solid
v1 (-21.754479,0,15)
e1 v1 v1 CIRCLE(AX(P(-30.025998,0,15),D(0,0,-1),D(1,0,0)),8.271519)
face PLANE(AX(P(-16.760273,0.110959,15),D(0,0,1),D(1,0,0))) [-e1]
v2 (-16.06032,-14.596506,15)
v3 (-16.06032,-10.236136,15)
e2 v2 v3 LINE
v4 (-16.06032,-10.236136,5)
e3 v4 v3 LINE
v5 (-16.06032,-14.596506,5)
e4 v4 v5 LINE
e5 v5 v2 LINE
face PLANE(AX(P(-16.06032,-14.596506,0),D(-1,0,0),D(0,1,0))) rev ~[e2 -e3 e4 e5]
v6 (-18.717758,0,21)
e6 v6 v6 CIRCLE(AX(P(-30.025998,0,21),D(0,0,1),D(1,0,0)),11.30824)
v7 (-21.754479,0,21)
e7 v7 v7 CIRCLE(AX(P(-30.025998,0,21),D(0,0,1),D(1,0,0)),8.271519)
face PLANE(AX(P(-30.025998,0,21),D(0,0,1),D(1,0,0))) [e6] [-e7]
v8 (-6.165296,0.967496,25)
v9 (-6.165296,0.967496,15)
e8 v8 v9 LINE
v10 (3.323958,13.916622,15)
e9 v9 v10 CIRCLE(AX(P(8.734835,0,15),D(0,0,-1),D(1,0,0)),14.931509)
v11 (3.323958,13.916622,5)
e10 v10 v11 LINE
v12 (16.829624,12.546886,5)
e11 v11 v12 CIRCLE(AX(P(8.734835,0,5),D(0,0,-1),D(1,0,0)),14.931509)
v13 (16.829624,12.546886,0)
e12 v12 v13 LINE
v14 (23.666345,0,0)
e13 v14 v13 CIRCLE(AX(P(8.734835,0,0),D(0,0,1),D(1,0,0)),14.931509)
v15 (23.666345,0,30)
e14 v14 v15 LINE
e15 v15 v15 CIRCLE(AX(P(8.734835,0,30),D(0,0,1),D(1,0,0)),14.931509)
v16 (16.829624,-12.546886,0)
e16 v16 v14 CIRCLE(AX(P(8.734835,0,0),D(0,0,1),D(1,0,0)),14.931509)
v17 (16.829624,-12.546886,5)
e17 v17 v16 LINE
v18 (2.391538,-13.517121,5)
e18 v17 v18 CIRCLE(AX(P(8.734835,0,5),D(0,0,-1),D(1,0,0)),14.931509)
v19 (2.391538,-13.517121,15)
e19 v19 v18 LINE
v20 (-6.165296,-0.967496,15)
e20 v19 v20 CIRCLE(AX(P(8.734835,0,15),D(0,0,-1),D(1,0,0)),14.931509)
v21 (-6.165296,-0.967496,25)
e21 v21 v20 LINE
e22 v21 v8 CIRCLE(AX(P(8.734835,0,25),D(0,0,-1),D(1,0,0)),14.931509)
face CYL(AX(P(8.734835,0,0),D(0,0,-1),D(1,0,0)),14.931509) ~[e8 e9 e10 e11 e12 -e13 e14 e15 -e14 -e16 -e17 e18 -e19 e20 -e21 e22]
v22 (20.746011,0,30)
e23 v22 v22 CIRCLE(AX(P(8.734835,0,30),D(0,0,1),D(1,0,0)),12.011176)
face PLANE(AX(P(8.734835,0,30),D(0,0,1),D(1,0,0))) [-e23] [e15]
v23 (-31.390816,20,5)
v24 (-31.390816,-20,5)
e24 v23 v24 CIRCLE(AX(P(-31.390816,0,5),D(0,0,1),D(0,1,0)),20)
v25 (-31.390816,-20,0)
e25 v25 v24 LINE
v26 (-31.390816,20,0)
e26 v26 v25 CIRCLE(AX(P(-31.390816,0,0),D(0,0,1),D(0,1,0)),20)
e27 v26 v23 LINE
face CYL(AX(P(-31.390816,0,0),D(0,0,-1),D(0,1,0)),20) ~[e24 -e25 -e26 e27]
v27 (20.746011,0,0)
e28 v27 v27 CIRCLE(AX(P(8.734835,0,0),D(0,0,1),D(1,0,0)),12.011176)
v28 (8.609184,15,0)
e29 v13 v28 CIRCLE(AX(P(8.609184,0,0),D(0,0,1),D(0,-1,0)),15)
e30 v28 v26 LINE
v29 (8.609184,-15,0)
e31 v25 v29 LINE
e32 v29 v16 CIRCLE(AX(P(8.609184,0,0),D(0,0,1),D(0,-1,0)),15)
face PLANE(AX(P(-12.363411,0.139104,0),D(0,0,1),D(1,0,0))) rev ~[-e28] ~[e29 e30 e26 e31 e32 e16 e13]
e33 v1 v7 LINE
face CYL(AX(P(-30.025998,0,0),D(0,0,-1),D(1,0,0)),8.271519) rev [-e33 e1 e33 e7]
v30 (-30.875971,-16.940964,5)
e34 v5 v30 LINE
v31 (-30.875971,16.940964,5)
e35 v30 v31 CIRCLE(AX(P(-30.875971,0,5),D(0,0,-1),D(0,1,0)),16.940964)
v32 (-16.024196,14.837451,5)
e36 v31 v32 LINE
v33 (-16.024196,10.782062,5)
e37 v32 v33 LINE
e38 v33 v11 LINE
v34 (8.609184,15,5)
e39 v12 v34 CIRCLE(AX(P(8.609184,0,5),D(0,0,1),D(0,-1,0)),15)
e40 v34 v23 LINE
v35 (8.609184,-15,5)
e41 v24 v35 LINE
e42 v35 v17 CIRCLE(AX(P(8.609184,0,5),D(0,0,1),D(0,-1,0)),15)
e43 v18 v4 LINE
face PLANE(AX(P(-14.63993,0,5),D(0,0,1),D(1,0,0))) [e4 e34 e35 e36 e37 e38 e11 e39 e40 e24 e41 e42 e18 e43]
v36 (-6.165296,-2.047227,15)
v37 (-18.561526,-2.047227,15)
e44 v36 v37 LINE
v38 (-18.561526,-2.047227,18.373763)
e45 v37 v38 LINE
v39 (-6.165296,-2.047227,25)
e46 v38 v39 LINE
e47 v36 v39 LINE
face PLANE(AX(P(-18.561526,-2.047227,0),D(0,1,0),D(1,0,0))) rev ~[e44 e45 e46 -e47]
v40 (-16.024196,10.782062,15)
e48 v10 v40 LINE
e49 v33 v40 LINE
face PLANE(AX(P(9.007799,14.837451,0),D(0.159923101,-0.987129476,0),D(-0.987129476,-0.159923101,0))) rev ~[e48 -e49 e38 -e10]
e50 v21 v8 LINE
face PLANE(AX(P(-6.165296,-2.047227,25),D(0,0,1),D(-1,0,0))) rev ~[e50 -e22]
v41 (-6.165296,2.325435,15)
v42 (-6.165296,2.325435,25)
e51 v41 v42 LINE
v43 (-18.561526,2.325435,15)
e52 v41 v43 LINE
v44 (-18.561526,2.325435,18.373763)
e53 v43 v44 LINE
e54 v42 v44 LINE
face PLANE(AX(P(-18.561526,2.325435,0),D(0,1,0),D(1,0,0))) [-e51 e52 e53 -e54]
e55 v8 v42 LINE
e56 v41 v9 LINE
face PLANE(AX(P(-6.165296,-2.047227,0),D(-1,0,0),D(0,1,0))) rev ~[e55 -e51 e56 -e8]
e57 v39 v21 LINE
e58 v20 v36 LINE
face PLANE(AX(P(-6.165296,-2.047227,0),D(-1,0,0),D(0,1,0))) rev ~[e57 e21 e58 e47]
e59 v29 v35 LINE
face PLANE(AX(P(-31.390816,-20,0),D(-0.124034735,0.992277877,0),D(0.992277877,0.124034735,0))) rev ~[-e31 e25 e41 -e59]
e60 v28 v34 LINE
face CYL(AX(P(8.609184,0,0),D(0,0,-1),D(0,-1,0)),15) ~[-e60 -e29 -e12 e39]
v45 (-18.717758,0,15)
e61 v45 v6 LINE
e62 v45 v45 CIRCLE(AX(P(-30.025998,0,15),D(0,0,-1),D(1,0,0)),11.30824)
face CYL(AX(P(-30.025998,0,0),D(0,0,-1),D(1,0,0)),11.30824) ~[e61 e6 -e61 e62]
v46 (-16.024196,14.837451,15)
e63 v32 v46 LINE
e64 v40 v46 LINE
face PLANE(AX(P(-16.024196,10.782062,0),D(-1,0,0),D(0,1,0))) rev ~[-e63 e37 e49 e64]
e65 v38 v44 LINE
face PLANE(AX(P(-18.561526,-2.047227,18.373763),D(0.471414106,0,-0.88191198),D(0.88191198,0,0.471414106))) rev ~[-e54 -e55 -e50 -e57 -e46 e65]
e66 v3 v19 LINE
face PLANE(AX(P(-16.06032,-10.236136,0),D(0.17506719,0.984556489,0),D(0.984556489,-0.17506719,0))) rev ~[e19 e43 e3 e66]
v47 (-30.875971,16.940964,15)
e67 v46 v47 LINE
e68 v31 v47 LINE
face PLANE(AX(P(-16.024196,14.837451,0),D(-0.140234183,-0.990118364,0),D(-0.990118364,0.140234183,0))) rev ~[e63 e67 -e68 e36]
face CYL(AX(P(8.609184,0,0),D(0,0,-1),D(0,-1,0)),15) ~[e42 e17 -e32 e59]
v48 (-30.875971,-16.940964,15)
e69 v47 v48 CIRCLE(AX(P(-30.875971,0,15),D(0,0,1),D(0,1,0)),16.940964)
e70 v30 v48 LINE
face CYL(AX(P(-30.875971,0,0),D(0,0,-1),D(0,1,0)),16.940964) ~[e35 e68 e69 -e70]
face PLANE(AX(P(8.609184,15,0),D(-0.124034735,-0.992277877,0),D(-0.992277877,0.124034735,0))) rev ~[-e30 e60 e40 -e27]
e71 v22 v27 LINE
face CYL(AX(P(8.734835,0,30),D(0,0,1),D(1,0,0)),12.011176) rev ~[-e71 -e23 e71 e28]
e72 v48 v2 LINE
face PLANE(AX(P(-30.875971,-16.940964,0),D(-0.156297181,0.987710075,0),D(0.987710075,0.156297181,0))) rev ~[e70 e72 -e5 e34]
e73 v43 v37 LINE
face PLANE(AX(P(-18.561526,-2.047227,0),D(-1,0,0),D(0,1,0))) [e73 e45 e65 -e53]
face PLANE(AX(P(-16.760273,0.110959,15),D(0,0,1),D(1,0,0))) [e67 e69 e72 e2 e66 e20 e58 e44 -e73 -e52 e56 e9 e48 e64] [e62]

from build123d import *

# Parameters (mm, degrees)
F5_DEPTH  = 5
F1_R      = 14.9315093154
F6_DEPTH  = 30
F7_DEPTH  = 15
F3_R      = 11.3082404675
F3_R_2    = 8.2715191878
F8_DEPTH  = 21
F4_W      = 12.3962298967
F4_H      = 4.3726625154
F9_DEPTH  = 25
F11_DEPTH = 25
F12_R     = 12.0111757901
F13_DEPTH = 30


with BuildPart() as f5:
    # F0 (on Top) → F5 (new body)
    with BuildSketch(Plane.XY):
        with BuildLine():
            Line((8.6091840267, 15), (-31.3908159733, 20))
            ThreePointArc((-31.3908159733, 20), (-51.3908159733, 0), (-31.3908159733, -20))
            Line((-31.3908159733, -20), (8.6091840267, -15))
            ThreePointArc((8.6091840267, -15), (23.6091840267, 0), (8.6091840267, 15))
        make_face()
    extrude(amount=F5_DEPTH)

    # F1 (on face) → F6 (join)
    with BuildSketch(Plane.XY):
        with Locations((8.7348353118, 0)):
            Circle(F1_R)
    extrude(amount=F6_DEPTH)

    # F2 (on face) → F7 (join)
    with BuildSketch(Plane.XY):
        with BuildLine():
            Line((-16.0241960241, 14.8374513995), (-30.8759714769, 16.9409641518))
            ThreePointArc((-30.8759714769, 16.9409641518), (-47.8169356288, 0), (-30.8759714769, -16.9409641518))
            Line((-30.8759714769, -16.9409641518), (-16.060320359, -14.596506442))
            Line((-16.060320359, -14.596506442), (-16.060320359, -10.236135684))
            Line((-16.060320359, -10.236135684), (8.4618721157, -14.596506442))
            Line((8.4618721157, -14.596506442), (9.0077994391, 14.8374513995))
            Line((9.0077994391, 14.8374513995), (-16.0241960241, 10.782062076))
            Line((-16.0241960241, 10.782062076), (-16.0241960241, 14.8374513995))
        make_face()
    extrude(amount=F7_DEPTH)

    # F3 (on face) → F8 (join)
    with BuildSketch(Plane.XY):
        with Locations((-30.0259981304, 0)):
            Circle(F3_R)
        with Locations((-30.0259981304, 0)):
            Circle(F3_R_2, mode=Mode.SUBTRACT)
    extrude(amount=F8_DEPTH)

    # F4 (on face) → F9 (join)
    with BuildSketch(Plane.XY):
        with Locations((-12.3634112533, 0.1391041442)):
            Rectangle(F4_W, F4_H)
    extrude(amount=F9_DEPTH)

    # F10 (on face) → F11 (cut)
    with BuildSketch(Plane.XZ.offset(2.0472271135)):
        Polygon((-18.5615262017, 18.3737631887), (-6.165296305, 25), (-18.5615262017, 25), align=None)
    extrude(amount=-F11_DEPTH, mode=Mode.SUBTRACT)

    # F12 (on face) → F13 (cut)
    with BuildSketch(Plane.XY.offset(30)):
        with Locations((8.7348353118, 0)):
            Circle(F12_R)
    extrude(amount=-F13_DEPTH, mode=Mode.SUBTRACT)


solid = f5.part
